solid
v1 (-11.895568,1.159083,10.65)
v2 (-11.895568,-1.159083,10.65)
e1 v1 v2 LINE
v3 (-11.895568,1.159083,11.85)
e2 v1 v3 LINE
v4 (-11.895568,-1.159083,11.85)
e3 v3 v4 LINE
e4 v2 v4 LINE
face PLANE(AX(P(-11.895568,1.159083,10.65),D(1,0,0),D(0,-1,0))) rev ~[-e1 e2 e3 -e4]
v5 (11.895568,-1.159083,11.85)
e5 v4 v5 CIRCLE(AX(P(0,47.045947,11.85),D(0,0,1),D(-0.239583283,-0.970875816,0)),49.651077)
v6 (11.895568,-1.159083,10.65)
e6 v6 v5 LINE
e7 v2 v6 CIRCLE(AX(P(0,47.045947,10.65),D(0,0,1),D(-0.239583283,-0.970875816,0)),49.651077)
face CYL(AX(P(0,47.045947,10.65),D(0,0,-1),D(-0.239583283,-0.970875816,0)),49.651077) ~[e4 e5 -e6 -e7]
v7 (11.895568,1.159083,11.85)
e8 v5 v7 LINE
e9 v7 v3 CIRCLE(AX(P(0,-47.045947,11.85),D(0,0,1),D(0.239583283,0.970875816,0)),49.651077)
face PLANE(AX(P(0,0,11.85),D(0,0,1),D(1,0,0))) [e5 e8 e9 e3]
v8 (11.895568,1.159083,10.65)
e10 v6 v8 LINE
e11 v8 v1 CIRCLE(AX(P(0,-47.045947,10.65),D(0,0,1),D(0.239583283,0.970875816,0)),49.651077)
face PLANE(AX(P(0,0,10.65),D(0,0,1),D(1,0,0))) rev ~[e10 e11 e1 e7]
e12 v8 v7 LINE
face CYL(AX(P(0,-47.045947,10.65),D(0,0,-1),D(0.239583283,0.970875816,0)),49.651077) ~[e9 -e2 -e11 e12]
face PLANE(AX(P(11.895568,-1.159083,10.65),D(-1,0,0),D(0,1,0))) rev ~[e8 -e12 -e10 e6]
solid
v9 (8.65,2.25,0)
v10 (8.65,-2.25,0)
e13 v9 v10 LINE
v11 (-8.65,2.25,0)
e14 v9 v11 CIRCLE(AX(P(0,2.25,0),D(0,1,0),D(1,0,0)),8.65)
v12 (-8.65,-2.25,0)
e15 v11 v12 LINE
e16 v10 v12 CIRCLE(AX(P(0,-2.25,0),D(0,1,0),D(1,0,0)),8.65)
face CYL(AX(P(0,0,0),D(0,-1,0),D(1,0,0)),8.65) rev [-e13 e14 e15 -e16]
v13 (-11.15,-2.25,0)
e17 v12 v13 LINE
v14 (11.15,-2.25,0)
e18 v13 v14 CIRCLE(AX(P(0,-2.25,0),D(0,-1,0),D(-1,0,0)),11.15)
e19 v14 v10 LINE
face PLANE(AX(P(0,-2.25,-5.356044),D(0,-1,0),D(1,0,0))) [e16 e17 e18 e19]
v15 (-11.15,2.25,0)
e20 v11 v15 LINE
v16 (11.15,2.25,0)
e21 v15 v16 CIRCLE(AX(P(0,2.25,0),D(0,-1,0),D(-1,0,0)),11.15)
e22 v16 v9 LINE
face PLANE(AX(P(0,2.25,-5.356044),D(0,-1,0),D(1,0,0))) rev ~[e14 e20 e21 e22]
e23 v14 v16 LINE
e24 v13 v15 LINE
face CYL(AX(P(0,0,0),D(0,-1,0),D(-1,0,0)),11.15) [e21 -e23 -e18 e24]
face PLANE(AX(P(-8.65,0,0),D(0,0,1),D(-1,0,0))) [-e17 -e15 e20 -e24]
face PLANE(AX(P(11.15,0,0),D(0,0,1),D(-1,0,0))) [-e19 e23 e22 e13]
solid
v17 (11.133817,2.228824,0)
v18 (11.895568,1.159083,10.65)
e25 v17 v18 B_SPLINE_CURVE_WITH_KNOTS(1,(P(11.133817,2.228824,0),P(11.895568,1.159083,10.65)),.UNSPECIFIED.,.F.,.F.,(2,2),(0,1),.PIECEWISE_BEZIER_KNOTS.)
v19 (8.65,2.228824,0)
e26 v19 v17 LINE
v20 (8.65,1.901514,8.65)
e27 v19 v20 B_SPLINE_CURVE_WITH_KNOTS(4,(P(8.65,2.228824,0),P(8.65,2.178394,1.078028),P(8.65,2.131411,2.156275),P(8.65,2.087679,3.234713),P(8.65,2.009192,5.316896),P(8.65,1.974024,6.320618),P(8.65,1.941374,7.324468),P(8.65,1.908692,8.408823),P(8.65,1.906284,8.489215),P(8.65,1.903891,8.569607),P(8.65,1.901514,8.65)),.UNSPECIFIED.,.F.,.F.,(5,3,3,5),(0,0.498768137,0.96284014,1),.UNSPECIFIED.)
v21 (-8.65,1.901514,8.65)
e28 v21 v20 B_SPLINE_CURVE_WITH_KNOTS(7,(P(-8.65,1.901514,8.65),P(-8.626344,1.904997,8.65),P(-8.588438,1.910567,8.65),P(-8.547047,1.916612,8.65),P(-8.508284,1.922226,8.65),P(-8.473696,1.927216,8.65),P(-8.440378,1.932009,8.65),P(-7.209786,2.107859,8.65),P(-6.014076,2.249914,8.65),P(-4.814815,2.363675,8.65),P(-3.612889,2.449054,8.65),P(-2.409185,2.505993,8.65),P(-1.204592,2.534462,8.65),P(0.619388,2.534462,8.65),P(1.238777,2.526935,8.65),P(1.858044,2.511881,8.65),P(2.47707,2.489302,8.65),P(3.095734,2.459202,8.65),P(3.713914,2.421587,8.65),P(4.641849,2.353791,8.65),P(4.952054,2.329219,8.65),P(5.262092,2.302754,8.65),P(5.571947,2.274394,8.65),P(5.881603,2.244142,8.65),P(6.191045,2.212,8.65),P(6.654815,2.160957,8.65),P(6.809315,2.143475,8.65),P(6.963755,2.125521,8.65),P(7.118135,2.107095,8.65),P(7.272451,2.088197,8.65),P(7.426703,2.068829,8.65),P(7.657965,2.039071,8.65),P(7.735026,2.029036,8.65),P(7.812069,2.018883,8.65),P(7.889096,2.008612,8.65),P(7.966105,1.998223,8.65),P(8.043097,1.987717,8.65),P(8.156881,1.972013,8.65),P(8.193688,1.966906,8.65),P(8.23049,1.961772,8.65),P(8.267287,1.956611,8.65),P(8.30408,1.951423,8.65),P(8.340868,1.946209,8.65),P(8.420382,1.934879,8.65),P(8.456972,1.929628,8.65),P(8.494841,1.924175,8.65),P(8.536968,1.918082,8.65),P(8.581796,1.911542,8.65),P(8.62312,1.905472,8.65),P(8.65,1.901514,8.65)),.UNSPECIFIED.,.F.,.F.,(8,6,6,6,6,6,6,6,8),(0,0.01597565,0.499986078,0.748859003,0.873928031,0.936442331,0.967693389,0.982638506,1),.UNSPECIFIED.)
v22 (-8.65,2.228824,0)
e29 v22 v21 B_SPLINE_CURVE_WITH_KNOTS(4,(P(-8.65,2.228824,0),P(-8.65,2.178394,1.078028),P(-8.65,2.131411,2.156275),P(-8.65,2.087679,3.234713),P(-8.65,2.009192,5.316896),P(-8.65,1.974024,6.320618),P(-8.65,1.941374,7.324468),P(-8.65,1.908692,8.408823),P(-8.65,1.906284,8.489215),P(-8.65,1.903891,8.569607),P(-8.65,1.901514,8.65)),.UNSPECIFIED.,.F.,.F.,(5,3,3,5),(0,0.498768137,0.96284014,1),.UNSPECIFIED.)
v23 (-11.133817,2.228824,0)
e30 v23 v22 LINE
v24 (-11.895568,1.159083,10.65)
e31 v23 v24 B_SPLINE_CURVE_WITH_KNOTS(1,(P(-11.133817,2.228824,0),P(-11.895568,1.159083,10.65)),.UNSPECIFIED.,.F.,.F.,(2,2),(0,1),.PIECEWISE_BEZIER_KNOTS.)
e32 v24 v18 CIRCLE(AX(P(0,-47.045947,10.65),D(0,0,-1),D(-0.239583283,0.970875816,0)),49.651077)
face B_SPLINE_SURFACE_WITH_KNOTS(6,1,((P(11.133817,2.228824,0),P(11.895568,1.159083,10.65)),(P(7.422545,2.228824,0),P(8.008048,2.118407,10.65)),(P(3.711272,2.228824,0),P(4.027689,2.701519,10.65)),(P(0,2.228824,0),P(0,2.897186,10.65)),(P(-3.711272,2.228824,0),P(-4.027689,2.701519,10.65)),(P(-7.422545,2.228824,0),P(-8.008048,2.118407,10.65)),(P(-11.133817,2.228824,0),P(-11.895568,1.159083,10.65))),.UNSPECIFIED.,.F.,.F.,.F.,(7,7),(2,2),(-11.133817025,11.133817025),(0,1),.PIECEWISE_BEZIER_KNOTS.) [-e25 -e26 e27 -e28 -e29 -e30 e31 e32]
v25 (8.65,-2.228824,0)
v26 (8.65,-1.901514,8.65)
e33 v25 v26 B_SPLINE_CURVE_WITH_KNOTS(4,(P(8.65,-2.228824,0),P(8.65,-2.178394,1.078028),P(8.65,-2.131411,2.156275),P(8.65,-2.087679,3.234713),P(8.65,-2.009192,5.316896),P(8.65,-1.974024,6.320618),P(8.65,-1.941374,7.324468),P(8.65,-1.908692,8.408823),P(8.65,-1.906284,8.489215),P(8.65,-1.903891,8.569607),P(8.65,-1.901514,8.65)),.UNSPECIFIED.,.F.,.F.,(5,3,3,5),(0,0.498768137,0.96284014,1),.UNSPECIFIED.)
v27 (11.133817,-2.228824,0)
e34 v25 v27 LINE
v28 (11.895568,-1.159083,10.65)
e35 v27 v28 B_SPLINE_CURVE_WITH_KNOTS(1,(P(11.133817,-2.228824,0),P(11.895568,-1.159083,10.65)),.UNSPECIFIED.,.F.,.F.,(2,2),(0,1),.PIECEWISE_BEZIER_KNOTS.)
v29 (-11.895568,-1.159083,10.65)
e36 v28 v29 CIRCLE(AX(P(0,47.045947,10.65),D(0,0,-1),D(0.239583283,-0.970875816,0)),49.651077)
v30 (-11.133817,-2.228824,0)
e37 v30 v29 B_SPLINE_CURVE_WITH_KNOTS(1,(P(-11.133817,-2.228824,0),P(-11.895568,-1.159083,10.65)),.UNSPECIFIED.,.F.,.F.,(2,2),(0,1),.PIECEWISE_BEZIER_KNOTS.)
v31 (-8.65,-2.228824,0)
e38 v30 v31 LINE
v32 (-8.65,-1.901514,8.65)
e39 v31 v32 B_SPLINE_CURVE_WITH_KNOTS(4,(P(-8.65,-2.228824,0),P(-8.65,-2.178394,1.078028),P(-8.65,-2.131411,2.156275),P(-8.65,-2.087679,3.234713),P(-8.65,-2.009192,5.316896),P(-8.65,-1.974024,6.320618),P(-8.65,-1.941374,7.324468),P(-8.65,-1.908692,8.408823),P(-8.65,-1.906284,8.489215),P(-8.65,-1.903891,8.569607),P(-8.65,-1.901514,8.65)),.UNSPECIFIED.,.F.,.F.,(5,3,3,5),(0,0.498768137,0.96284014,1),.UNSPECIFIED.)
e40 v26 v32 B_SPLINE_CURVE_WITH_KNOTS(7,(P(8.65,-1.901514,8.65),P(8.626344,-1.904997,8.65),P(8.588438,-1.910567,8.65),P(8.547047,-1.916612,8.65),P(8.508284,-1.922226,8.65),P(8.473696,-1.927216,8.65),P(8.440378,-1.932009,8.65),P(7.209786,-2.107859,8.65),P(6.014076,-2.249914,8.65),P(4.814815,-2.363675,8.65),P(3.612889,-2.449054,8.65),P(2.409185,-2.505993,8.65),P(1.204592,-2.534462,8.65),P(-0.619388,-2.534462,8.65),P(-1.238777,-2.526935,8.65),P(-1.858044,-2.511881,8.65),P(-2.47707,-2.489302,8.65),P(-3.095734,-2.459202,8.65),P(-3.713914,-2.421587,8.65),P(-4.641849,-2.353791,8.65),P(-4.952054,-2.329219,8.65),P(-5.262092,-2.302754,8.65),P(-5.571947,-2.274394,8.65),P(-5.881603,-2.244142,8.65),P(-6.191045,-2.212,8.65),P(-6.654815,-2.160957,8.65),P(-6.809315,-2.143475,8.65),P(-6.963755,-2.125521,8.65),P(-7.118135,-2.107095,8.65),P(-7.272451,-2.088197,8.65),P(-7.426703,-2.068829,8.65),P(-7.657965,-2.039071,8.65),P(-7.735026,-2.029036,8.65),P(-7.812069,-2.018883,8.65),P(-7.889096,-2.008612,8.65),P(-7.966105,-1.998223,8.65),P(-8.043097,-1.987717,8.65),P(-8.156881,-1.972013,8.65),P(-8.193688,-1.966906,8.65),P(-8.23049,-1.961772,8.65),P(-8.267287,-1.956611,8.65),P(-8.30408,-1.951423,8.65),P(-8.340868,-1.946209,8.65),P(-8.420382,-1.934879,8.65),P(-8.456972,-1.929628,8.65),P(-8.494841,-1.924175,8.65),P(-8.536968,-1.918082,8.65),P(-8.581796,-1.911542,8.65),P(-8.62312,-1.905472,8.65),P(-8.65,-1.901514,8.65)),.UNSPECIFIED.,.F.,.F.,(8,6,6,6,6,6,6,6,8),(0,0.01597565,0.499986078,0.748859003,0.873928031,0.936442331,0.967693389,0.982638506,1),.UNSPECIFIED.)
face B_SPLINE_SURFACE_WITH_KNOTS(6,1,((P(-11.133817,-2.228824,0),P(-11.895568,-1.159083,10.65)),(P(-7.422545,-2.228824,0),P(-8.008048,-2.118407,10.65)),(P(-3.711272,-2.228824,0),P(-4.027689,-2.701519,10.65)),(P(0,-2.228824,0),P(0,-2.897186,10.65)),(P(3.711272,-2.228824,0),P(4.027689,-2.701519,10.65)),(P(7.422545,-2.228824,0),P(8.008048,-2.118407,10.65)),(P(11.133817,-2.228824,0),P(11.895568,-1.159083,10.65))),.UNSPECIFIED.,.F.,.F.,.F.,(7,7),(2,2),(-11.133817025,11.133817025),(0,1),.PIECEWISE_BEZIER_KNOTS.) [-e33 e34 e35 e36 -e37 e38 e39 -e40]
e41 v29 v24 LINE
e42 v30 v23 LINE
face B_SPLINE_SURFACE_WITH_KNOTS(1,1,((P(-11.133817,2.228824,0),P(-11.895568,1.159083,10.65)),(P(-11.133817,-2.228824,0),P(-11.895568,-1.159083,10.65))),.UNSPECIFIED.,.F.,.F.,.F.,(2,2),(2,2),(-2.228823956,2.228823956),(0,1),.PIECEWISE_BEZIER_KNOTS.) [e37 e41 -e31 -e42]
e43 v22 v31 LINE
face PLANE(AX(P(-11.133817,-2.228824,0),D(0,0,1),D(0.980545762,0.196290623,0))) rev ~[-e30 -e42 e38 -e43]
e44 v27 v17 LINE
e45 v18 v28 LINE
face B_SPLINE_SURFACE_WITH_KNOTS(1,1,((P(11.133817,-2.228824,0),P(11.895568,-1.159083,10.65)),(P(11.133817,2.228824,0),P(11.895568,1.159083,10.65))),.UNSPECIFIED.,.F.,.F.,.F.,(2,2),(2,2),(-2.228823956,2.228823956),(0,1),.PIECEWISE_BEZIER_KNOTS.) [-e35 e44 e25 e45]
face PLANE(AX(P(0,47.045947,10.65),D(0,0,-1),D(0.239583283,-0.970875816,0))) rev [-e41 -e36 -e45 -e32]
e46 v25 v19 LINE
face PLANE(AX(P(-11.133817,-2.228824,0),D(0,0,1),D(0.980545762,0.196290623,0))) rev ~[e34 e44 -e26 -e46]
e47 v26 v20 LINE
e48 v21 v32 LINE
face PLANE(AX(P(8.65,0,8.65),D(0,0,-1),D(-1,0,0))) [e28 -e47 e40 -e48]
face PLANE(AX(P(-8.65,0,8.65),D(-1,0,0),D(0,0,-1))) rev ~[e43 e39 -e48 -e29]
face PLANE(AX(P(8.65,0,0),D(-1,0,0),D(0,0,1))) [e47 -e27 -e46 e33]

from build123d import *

# Parameters (mm, degrees)
F1_DEPTH      = 2.25
F1_DEPTH_BACK = 2.25
F3_START      = 10.65
F3_DEPTH      = 1.2
F4_W          = 22.2676340491
F4_H          = 4.4576479122
F6_DEPTH      = 25
F6_DEPTH_BACK = 25


with BuildPart() as f1:
    # F0 (on Front) → F1 (new body, two sides)
    with BuildSketch(Plane.XZ) as f1_sk:
        with BuildLine():
            Line((11.15, 0), (8.65, 0))
            ThreePointArc((8.65, 0), (0, -8.65), (-8.65, 0))
            Line((-8.65, 0), (-11.15, 0))
            ThreePointArc((-11.15, 0), (0, -11.15), (11.15, 0))
        make_face()
    extrude(amount=F1_DEPTH)
    extrude(f1_sk.sketch, amount=-F1_DEPTH_BACK)


with BuildPart() as f3:
    # F2 (on Top) → F3 (new body)
    with BuildSketch(Plane.XY.offset(F3_START)):
        with BuildLine():
            Line((-11.89556811, 1.1590829818), (-11.89556811, 0))
            Line((-11.89556811, 0), (-11.89556811, -1.1590829818))
            ThreePointArc((-11.89556811, -1.1590829818), (0, -2.6051300839), (11.89556811, -1.1590829818))
            Line((11.89556811, -1.1590829818), (11.89556811, 0))
            Line((11.89556811, 0), (11.89556811, 1.1590829818))
            ThreePointArc((11.89556811, 1.1590829818), (0, 2.6051300839), (-11.89556811, 1.1590829818))
        make_face()
    extrude(amount=F3_DEPTH)


with BuildPart() as f5:
    # F4 (on Top) → F5 section 0
    with BuildSketch(Plane.XY):
        Rectangle(F4_W, F4_H)
    # F3_face (on face) → F5 section 1
    with BuildSketch(Plane(origin=(0, 0, 10.65), x_dir=(1, 0, 0), z_dir=(0, 0, -1))):
        with BuildLine():
            Line((-11.89556811, 1.1590829818), (-11.89556811, -1.1590829818))
            ThreePointArc((-11.89556811, -1.1590829818), (0, -2.6051300839), (11.89556811, -1.1590829818))
            Line((11.89556811, -1.1590829818), (11.89556811, 1.1590829818))
            ThreePointArc((11.89556811, 1.1590829818), (0, 2.6051300839), (-11.89556811, 1.1590829818))
        make_face()
    loft()

    # F0 (on Front) → F6 (cut, two sides)
    with BuildSketch(Plane.XZ) as f6_sk:
        with BuildLine():
            Line((-8.65, 0), (8.65, 0))
            ThreePointArc((8.65, 0), (6.1164736573, 6.1164736573), (0, 8.65))
            ThreePointArc((0, 8.65), (-6.1164736573, 6.1164736573), (-8.65, 0))
        make_face()
        with BuildLine():
            ThreePointArc((0, 8.65), (6.1164736573, 6.1164736573), (8.65, 0))
            Line((8.65, 0), (8.65, 7.0356236397))
            ThreePointArc((8.65, 7.0356236397), (7.8842406102, 7.8842406102), (7.0356236397, 8.65))
            Line((7.0356236397, 8.65), (0, 8.65))
        make_face()
        with BuildLine():
            ThreePointArc((7.0356236397, 8.65), (7.8842406102, 7.8842406102), (8.65, 7.0356236397))
            Line((8.65, 7.0356236397), (8.65, 8.65))
            Line((8.65, 8.65), (7.0356236397, 8.65))
        make_face()
        with BuildLine():
            ThreePointArc((-8.65, 0), (-6.1164736573, 6.1164736573), (0, 8.65))
            Line((0, 8.65), (-7.0356236397, 8.65))
            ThreePointArc((-7.0356236397, 8.65), (-7.8842406102, 7.8842406102), (-8.65, 7.0356236397))
            Line((-8.65, 7.0356236397), (-8.65, 0))
        make_face()
        with BuildLine():
            ThreePointArc((-8.65, 7.0356236397), (-7.8842406102, 7.8842406102), (-7.0356236397, 8.65))
            Line((-7.0356236397, 8.65), (-8.65, 8.65))
            Line((-8.65, 8.65), (-8.65, 7.0356236397))
        make_face()
    extrude(amount=-F6_DEPTH, mode=Mode.SUBTRACT)
    extrude(f6_sk.sketch, amount=F6_DEPTH_BACK, mode=Mode.SUBTRACT)


solid = Compound([f1.part, f3.part, f5.part])
